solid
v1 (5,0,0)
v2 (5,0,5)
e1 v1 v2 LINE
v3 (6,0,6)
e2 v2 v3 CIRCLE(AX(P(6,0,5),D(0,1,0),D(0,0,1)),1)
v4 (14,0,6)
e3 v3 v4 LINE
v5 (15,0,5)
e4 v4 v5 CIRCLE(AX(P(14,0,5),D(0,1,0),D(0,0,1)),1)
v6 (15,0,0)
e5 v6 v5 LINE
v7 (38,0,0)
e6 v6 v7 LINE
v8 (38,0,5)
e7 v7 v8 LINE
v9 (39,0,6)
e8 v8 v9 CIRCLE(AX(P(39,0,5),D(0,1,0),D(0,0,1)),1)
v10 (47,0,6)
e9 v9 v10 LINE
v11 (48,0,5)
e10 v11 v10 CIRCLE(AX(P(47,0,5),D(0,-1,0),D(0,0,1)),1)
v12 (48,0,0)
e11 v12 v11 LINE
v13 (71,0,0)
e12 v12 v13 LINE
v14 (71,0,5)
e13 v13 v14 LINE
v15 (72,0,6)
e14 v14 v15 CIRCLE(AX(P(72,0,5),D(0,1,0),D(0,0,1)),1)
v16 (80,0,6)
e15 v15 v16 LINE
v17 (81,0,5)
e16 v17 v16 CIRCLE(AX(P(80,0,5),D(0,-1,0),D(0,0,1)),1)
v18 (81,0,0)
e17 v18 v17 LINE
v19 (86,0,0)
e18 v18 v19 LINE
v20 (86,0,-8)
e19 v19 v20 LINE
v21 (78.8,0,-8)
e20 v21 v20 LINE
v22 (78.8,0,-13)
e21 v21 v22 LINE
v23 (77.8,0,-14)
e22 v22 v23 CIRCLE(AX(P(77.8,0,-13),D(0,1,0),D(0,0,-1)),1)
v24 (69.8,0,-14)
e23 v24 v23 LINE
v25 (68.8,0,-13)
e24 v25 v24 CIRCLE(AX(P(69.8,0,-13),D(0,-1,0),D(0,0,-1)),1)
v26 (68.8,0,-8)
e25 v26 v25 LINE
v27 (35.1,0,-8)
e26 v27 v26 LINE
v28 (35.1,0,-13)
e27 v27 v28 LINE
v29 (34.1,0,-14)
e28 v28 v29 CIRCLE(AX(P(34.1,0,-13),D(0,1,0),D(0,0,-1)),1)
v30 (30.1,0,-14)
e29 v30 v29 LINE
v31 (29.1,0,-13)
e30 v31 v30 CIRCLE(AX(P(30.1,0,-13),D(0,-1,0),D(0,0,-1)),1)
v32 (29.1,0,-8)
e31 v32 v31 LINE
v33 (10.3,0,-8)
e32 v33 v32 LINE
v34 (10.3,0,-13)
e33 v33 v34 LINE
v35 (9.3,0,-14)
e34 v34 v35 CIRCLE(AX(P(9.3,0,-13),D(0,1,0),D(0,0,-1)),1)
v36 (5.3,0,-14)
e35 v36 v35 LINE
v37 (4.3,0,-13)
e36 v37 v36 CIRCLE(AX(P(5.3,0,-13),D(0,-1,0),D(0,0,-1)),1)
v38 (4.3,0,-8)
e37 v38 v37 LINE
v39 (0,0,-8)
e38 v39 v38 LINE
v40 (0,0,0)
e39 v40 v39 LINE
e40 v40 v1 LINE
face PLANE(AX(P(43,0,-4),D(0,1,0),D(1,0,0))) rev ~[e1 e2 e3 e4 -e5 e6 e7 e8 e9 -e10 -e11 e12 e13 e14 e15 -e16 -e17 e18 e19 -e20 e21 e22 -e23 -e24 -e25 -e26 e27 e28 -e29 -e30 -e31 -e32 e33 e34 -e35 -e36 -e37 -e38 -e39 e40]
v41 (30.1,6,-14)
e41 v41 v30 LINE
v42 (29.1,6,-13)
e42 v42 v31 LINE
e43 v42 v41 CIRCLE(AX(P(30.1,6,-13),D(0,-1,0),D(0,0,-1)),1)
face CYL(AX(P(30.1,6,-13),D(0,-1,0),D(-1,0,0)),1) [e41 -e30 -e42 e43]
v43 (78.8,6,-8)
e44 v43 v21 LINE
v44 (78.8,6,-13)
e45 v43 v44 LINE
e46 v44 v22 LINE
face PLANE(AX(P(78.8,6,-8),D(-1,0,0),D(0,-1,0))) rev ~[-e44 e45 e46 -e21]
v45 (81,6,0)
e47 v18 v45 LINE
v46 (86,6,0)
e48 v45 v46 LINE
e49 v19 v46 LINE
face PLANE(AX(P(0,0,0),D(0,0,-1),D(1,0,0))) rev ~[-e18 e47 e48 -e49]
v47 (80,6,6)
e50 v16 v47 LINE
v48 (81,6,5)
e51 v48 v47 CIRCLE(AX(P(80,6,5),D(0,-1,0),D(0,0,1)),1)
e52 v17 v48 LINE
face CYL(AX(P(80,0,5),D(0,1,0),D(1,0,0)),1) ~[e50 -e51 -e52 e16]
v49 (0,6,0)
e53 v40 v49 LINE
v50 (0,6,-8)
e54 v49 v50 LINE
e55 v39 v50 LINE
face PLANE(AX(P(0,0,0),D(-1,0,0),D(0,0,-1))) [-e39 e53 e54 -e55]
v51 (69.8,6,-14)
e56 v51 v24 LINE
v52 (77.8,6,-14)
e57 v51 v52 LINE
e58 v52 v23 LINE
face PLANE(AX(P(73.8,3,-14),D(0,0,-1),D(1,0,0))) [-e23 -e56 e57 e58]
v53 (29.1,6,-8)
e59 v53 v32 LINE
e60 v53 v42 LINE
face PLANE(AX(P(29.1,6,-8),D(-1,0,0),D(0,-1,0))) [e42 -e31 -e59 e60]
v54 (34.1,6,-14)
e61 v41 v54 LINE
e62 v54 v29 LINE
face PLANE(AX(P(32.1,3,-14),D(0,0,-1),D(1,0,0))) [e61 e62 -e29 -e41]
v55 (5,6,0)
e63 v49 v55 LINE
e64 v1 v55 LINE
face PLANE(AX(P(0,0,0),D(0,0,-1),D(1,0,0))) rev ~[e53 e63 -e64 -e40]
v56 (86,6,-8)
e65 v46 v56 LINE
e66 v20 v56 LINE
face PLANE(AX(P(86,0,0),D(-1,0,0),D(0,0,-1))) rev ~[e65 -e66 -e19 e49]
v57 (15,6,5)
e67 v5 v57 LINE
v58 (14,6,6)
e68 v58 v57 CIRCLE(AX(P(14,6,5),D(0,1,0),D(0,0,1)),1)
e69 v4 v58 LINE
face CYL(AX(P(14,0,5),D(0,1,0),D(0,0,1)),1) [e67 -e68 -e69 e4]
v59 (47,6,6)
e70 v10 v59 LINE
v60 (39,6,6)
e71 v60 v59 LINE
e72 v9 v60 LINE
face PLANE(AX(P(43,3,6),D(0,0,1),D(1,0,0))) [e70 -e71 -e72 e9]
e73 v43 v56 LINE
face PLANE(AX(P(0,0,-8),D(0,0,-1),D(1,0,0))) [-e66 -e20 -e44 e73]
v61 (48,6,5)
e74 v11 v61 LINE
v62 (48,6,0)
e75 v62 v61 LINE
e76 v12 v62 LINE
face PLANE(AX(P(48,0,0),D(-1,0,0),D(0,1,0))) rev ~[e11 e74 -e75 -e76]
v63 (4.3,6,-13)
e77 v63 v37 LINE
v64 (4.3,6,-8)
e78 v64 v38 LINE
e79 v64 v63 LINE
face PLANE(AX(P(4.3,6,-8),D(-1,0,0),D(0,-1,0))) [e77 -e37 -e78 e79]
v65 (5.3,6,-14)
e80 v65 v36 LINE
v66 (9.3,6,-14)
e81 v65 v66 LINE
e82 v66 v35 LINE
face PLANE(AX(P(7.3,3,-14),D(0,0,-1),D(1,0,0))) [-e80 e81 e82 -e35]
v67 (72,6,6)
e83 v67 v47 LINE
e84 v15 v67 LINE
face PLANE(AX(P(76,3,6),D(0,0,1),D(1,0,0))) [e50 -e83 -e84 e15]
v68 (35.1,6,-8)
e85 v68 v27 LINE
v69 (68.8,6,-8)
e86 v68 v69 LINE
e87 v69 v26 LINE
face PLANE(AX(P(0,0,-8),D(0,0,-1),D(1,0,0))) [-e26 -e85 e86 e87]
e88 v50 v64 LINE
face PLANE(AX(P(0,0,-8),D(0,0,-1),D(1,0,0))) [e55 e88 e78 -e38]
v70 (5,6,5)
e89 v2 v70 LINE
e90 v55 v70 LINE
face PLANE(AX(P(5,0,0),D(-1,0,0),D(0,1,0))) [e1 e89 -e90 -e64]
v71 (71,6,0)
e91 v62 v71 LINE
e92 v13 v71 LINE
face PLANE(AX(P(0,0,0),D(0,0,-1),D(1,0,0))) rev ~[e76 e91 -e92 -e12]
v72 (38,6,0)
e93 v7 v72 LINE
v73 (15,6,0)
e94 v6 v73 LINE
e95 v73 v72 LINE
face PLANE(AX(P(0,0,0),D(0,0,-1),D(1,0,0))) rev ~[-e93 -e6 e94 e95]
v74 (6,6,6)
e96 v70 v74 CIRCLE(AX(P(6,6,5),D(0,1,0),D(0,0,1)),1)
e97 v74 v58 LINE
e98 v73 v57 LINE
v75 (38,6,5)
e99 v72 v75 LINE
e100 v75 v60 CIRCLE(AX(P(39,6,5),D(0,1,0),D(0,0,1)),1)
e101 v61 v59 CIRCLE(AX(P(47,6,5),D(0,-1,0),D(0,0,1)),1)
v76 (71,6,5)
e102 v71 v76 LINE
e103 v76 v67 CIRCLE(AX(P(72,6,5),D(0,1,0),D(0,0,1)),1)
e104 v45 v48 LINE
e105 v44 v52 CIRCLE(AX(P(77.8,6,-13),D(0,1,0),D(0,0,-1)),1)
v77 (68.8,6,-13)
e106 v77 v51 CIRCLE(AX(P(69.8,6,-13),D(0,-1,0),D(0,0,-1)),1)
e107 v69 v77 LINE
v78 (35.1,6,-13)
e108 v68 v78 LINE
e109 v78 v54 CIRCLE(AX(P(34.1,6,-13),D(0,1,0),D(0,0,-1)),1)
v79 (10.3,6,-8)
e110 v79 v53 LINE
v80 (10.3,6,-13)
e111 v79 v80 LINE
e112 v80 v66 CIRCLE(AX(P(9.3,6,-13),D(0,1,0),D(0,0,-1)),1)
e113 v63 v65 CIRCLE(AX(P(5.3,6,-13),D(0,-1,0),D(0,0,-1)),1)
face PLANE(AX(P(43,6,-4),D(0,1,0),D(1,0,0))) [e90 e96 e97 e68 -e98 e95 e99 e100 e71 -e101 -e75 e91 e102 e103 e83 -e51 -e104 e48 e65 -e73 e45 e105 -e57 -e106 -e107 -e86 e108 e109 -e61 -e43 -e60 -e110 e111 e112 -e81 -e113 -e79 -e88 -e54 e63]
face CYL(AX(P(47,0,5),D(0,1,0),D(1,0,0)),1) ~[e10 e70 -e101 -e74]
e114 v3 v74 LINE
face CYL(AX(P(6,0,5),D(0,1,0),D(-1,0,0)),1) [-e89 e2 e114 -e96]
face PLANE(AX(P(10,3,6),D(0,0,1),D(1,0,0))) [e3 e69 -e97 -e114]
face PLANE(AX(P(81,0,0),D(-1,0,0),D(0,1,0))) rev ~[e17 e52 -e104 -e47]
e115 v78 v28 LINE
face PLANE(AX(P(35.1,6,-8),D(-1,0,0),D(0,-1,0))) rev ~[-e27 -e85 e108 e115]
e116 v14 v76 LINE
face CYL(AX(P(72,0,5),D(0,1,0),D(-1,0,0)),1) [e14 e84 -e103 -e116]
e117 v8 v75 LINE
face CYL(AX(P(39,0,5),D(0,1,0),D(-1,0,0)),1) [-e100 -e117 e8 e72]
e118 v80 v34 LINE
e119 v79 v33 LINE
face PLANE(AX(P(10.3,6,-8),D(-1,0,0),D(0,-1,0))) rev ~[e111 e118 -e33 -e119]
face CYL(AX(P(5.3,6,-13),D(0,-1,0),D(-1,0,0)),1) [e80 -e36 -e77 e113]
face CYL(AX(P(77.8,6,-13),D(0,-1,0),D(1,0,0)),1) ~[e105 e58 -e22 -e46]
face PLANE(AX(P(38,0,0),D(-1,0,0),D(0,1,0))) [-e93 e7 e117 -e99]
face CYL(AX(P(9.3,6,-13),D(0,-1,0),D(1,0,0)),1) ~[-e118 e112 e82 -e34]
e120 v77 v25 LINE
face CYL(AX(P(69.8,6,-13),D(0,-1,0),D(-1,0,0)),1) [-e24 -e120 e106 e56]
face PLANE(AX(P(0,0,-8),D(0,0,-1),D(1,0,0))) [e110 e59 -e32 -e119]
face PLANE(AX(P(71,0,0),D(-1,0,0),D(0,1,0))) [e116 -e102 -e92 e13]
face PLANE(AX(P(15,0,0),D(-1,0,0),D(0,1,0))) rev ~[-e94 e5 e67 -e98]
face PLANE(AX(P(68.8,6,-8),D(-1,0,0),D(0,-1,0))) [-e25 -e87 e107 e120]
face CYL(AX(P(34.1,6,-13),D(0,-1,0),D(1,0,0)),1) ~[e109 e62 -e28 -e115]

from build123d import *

# Parameters (mm, degrees)
SKETCH1_W               = 86
SKETCH1_H               = 8
BOSS_EXTRUDE1_DEPTH     = 6
SKETCH234_W             = 10
SKETCH234_H             = 6
BOSS_EXTRUDE234_DEPTH   = 6
FILLET134_R             = 1
SKETCH2341_W            = 10
SKETCH2341_H            = 6
BOSS_EXTRUDE2341_DEPTH  = 6
FILLET1341_R            = 1
SKETCH2342_W            = 10
SKETCH2342_H            = 6
BOSS_EXTRUDE2342_DEPTH  = 6
FILLET1342_R            = 1
SKETCH2343_W            = 10
SKETCH2343_H            = 6
BOSS_EXTRUDE2343_DEPTH  = 6
FILLET1343_R            = 1
SKETCH2348_W            = 6
SKETCH2348_H            = 6
BOSS_EXTRUDE2348_DEPTH  = 6
FILLET1348_R            = 1
SKETCH23410_W           = 6
SKETCH23410_H           = 6
BOSS_EXTRUDE23410_DEPTH = 6
FILLET13410_R           = 1


with BuildPart() as part:
    # Sketch1 → Boss-Extrude1 (new body)
    with BuildSketch(Plane(origin=(0, 0, 0), x_dir=(1, 0, 0), z_dir=(0, 1, 0))):
        with Locations((43, 4)):
            Rectangle(SKETCH1_W, SKETCH1_H)
    extrude(amount=BOSS_EXTRUDE1_DEPTH)

    # Sketch234 → Boss-Extrude234 (add)
    with BuildSketch(Plane(origin=(9.232221392, 0, 0), x_dir=(1, 0, 0), z_dir=(0, 0, 1))):
        with Locations((0.767778608, 3)):
            Rectangle(SKETCH234_W, SKETCH234_H)
    extrude(amount=BOSS_EXTRUDE234_DEPTH)

    # Fillet134
    fillet134_edges = [part.edges().sort_by_distance(p)[0] for p in [
        (5, 3, 6),
        (15, 3, 6),
    ]]
    fillet(fillet134_edges, radius=FILLET134_R)

    # Sketch2341 → Boss-Extrude2341 (add)
    with BuildSketch(Plane(origin=(42.232221392, 0, 0), x_dir=(1, 0, 0), z_dir=(0, 0, 1))):
        with Locations((0.767778608, 3)):
            Rectangle(SKETCH2341_W, SKETCH2341_H)
    extrude(amount=BOSS_EXTRUDE2341_DEPTH)

    # Fillet1341
    fillet1341_edges = [part.edges().sort_by_distance(p)[0] for p in [
        (48, 3, 6),
        (38, 3, 6),
    ]]
    fillet(fillet1341_edges, radius=FILLET1341_R)

    # Sketch2342 → Boss-Extrude2342 (add)
    with BuildSketch(Plane(origin=(75.232221392, 0, 0), x_dir=(1, 0, 0), z_dir=(0, 0, 1))):
        with Locations((0.767778608, 3)):
            Rectangle(SKETCH2342_W, SKETCH2342_H)
    extrude(amount=BOSS_EXTRUDE2342_DEPTH)

    # Fillet1342
    fillet1342_edges = [part.edges().sort_by_distance(p)[0] for p in [
        (81, 3, 6),
        (71, 3, 6),
    ]]
    fillet(fillet1342_edges, radius=FILLET1342_R)

    # Sketch2343 → Boss-Extrude2343 (add)
    with BuildSketch(Plane(origin=(73.032221392, 6, -8), x_dir=(1, 0, 0), z_dir=(0, 0, -1))):
        with Locations((0.767778608, 3)):
            Rectangle(SKETCH2343_W, SKETCH2343_H)
    extrude(amount=BOSS_EXTRUDE2343_DEPTH)

    # Fillet1343
    fillet1343_edges = [part.edges().sort_by_distance(p)[0] for p in [
        (68.8, 3, -14),
        (78.8, 3, -14),
    ]]
    fillet(fillet1343_edges, radius=FILLET1343_R)

    # Sketch2348 → Boss-Extrude2348 (add)
    with BuildSketch(Plane(origin=(31.332221392, 6, -8), x_dir=(1, 0, 0), z_dir=(0, 0, -1))):
        with Locations((0.767778608, 3)):
            Rectangle(SKETCH2348_W, SKETCH2348_H)
    extrude(amount=BOSS_EXTRUDE2348_DEPTH)

    # Fillet1348
    fillet1348_edges = [part.edges().sort_by_distance(p)[0] for p in [
        (35.1, 3, -14),
        (29.1, 3, -14),
    ]]
    fillet(fillet1348_edges, radius=FILLET1348_R)

    # Sketch23410 → Boss-Extrude23410 (add)
    with BuildSketch(Plane(origin=(6.532221392, 6, -8), x_dir=(1, 0, 0), z_dir=(0, 0, -1))):
        with Locations((0.767778608, 3)):
            Rectangle(SKETCH23410_W, SKETCH23410_H)
    extrude(amount=BOSS_EXTRUDE23410_DEPTH)

    # Fillet13410
    fillet13410_edges = [part.edges().sort_by_distance(p)[0] for p in [
        (10.3, 3, -14),
        (4.3, 3, -14),
    ]]
    fillet(fillet13410_edges, radius=FILLET13410_R)


solid = part.part
